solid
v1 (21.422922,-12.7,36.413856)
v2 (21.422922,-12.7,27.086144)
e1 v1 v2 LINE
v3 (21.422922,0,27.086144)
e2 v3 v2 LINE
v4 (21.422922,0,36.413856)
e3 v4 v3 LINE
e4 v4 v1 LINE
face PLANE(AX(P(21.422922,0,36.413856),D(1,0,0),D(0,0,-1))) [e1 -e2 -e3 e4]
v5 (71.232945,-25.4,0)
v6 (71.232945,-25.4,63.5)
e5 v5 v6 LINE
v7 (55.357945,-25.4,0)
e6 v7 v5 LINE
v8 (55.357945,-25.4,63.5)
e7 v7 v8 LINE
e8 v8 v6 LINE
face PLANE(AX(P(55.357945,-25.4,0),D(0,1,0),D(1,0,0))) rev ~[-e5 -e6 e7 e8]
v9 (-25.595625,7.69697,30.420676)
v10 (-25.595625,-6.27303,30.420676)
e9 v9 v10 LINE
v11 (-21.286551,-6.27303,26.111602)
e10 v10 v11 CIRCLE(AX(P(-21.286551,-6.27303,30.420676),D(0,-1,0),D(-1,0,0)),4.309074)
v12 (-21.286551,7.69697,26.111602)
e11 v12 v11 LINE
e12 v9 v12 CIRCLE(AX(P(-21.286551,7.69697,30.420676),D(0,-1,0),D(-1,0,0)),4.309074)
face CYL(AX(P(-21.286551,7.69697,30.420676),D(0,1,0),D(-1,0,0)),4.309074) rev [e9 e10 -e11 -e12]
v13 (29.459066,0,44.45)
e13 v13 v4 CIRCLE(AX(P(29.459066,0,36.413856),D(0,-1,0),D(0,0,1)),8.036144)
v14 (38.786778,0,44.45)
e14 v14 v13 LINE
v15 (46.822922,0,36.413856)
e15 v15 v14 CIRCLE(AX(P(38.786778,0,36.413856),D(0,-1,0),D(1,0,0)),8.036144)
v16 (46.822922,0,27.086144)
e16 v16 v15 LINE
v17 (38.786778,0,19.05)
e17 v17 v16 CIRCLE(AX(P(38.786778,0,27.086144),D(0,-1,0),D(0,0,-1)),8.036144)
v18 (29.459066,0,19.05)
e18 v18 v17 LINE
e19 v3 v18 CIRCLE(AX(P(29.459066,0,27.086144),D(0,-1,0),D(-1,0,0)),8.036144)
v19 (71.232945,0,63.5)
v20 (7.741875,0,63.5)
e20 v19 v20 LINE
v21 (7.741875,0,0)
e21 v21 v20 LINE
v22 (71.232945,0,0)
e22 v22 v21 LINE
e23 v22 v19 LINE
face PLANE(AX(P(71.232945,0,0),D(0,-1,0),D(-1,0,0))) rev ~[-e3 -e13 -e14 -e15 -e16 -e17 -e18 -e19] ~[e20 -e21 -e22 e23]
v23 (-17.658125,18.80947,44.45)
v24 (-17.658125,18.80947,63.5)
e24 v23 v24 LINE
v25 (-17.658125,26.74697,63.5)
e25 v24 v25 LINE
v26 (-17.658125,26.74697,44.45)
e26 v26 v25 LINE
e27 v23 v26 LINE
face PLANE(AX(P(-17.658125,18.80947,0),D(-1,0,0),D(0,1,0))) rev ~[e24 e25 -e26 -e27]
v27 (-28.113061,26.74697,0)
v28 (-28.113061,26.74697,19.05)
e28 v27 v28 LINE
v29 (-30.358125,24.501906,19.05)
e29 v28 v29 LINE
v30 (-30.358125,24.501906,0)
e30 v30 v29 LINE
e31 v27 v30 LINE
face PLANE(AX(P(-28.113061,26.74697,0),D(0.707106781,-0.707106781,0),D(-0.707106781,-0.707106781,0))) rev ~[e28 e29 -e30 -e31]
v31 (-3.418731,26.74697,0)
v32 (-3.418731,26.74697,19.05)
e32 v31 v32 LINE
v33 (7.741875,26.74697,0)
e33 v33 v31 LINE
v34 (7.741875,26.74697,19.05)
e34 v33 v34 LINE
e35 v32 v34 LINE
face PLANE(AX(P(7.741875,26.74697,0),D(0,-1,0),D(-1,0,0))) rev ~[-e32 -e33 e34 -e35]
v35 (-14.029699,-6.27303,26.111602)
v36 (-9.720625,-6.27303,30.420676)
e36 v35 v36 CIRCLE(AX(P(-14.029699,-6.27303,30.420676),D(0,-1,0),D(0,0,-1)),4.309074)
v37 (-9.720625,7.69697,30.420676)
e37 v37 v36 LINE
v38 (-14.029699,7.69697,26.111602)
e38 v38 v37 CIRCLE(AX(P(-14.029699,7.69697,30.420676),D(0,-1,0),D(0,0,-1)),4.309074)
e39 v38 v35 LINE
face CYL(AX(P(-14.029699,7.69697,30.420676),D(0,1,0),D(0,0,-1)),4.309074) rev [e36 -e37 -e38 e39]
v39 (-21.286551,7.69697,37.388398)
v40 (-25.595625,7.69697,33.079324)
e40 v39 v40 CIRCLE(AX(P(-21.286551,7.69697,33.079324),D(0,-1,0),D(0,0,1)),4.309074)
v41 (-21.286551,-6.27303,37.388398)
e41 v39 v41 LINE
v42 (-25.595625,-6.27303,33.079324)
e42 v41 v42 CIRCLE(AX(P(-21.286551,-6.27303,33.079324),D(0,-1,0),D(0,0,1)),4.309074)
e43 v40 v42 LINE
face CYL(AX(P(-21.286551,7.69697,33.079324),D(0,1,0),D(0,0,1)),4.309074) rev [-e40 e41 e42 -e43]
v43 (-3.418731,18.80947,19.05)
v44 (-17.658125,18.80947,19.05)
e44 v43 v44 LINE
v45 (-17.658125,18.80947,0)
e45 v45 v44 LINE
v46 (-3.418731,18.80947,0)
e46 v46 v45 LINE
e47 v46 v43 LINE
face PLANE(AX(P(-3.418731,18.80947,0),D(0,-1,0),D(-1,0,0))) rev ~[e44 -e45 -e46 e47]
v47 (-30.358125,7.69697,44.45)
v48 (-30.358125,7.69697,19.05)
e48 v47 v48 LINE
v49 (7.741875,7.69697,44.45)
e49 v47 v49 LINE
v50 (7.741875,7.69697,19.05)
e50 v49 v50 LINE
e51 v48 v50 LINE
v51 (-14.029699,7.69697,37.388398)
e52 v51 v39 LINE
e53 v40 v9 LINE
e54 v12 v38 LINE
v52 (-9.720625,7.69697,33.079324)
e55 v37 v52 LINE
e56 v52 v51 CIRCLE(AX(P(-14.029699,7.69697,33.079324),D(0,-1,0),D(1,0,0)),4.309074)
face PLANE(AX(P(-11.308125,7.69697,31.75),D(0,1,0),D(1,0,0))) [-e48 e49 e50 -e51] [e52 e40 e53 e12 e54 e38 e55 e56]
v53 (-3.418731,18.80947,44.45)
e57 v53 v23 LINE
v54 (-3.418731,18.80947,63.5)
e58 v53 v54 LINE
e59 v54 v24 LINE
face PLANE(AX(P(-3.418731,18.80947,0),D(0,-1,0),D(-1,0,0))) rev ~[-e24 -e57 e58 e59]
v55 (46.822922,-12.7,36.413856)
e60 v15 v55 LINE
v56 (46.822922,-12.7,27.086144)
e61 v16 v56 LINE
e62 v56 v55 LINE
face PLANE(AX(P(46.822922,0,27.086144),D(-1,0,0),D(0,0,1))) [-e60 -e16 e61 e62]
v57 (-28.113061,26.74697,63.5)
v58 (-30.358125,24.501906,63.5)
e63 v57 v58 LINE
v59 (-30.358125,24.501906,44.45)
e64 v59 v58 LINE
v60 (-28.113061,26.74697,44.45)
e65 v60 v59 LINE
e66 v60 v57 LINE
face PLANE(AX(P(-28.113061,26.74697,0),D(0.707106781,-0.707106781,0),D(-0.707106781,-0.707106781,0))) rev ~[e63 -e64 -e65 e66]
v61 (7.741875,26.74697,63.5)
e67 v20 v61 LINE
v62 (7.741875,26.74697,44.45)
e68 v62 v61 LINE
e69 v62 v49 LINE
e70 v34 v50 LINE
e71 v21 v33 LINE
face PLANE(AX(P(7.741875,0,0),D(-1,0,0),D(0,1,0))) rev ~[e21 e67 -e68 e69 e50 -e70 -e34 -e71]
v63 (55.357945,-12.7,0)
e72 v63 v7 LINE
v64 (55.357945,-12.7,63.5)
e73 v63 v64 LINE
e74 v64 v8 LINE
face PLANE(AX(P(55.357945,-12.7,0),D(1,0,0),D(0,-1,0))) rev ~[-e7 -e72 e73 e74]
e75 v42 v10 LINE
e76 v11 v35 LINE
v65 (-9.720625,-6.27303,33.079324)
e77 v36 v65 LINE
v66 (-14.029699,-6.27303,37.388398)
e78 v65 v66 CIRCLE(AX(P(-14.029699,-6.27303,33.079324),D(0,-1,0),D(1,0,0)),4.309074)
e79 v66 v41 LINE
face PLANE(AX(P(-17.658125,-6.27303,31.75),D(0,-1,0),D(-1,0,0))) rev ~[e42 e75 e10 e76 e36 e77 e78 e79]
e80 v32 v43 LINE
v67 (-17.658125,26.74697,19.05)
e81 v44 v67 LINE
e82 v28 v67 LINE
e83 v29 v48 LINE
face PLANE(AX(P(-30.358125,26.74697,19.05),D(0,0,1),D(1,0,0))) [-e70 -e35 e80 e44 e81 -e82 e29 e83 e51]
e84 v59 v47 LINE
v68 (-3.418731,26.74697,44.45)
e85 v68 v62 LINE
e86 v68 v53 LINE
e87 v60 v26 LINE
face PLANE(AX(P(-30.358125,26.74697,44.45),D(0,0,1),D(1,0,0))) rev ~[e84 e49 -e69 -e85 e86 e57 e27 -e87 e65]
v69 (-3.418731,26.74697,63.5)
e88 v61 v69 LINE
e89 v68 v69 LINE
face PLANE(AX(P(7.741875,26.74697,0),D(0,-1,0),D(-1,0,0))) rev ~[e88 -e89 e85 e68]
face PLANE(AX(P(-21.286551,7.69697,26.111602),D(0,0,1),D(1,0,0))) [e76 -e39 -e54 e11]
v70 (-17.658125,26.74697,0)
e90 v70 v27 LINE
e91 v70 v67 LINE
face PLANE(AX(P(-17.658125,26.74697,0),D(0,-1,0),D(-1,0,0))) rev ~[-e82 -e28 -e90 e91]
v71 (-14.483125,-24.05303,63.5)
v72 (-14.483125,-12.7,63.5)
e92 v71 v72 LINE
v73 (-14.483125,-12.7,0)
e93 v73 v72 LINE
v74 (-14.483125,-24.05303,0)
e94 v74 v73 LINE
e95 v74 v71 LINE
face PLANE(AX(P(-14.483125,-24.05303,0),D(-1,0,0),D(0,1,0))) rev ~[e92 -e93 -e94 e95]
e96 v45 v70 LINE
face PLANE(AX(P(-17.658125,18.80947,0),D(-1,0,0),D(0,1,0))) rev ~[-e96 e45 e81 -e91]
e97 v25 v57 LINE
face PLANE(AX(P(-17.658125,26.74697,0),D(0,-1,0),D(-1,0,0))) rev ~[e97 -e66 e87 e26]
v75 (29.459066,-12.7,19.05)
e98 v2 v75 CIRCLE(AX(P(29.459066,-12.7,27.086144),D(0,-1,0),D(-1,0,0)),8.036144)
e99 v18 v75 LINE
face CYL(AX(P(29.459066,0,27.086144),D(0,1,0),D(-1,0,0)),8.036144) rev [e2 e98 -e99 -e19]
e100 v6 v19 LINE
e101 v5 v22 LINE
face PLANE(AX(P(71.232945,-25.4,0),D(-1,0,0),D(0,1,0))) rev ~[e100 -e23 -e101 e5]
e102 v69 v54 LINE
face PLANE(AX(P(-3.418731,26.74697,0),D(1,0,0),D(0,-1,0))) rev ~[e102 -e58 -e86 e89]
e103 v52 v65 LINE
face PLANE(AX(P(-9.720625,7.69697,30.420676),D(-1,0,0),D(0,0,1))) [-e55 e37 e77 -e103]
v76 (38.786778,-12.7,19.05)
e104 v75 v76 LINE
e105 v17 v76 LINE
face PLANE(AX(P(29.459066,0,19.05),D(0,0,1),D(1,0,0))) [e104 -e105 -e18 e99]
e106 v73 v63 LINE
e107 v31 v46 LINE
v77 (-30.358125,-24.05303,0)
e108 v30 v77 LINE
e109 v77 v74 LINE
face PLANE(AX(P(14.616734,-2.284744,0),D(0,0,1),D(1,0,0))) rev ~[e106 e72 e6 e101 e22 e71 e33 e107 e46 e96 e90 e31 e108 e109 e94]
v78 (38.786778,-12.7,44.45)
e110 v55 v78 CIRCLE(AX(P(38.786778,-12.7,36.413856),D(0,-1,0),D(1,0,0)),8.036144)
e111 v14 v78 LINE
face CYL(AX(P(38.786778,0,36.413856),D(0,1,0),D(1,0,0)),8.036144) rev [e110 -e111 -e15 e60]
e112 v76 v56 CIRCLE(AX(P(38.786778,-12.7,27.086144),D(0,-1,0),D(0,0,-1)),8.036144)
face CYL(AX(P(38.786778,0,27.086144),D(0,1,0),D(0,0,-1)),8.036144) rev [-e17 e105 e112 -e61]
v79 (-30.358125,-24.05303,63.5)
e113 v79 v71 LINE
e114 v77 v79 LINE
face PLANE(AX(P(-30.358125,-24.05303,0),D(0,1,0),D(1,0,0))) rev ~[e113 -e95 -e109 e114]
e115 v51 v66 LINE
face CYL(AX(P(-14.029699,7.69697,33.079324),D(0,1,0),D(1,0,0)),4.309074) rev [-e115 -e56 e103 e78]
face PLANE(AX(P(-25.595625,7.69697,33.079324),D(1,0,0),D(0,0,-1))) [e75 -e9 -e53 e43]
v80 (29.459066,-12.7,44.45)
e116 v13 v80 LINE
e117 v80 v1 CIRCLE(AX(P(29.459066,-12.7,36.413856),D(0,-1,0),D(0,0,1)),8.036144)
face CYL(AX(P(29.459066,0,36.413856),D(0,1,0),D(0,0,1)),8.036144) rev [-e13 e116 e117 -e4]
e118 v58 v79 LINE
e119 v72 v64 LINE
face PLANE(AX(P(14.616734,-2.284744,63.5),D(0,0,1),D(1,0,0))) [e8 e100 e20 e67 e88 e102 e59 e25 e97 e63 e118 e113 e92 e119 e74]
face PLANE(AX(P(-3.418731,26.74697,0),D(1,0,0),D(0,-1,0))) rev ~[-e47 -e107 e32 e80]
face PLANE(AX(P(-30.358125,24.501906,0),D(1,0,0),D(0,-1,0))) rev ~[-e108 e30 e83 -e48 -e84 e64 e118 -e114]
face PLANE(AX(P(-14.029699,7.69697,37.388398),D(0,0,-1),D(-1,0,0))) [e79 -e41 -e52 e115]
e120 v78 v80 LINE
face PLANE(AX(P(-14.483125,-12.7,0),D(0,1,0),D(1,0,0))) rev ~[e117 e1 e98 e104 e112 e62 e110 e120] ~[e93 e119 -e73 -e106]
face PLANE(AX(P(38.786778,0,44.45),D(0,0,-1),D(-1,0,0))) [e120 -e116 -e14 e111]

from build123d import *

# Parameters (mm, degrees)
BOSS_EXTRUDE1_DEPTH = 63.5
SKETCH5_W           = 38.1
SKETCH5_H           = 25.4
CUT_EXTRUDE1_DEPTH  = 19.05
CUT_EXTRUDE2_DEPTH  = 12.7
CUT_EXTRUDE3_DEPTH  = 13.97


with BuildPart() as part:
    # Sketch1 → Boss-Extrude1 (new body)
    with BuildSketch(Plane.XY):
        Polygon((-30.358125429, 24.501905667), (-30.358125429, -24.053030303), (-14.483125429, -24.053030303), (-14.483125429, -12.7), (55.357945402, -12.7), (55.357945402, -25.4), (71.232945402, -25.4), (71.232945402, 0), (7.741874571, 0), (7.741874571, 26.746969697), (-3.41873149, 26.746969697), (-3.41873149, 18.809469697), (-17.658125429, 18.809469697), (-17.658125429, 26.746969697), (-28.113061399, 26.746969697), align=None)
    extrude(amount=BOSS_EXTRUDE1_DEPTH)

    # Sketch5 → Cut-Extrude1 (cut)
    with BuildSketch(Plane(origin=(0, 26.746969697, 0), x_dir=(1, 0, 0), z_dir=(0, 1, 0))):
        with Locations((-11.308125429, -31.75)):
            Rectangle(SKETCH5_W, SKETCH5_H)
    extrude(amount=-CUT_EXTRUDE1_DEPTH, mode=Mode.SUBTRACT)

    # Sketch6 → Cut-Extrude2 (cut)
    with BuildSketch(Plane(origin=(0, 0, 0), x_dir=(1, 0, 0), z_dir=(0, 1, 0))):
        with BuildLine():
            Line((29.459066372, -19.05), (38.786778405, -19.05))
            ThreePointArc((38.786778405, -19.05), (44.46919031, -21.403732078), (46.822922388, -27.086143983))
            Line((46.822922388, -27.086143983), (46.822922388, -36.413856017))
            ThreePointArc((46.822922388, -36.413856017), (44.46919031, -42.096267922), (38.786778405, -44.45))
            Line((38.786778405, -44.45), (29.459066372, -44.45))
            ThreePointArc((29.459066372, -44.45), (23.776654467, -42.096267922), (21.422922388, -36.413856017))
            Line((21.422922388, -36.413856017), (21.422922388, -27.086143983))
            ThreePointArc((21.422922388, -27.086143983), (23.776654467, -21.403732078), (29.459066372, -19.05))
        make_face()
    extrude(amount=-CUT_EXTRUDE2_DEPTH, mode=Mode.SUBTRACT)

    # Sketch7 → Cut-Extrude3 (cut)
    with BuildSketch(Plane(origin=(0, 7.696969697, 0), x_dir=(1, 0, 0), z_dir=(0, 1, 0))):
        with BuildLine():
            Line((-21.28655142, -26.111602122), (-14.029699438, -26.111602122))
            ThreePointArc((-14.029699438, -26.111602122), (-10.982723986, -27.373700678), (-9.720625429, -30.420676131))
            Line((-9.720625429, -30.420676131), (-9.720625429, -33.079323869))
            ThreePointArc((-9.720625429, -33.079323869), (-10.982723986, -36.126299322), (-14.029699438, -37.388397878))
            Line((-14.029699438, -37.388397878), (-21.28655142, -37.388397878))
            ThreePointArc((-21.28655142, -37.388397878), (-24.333526873, -36.126299322), (-25.595625429, -33.079323869))
            Line((-25.595625429, -33.079323869), (-25.595625429, -30.420676131))
            ThreePointArc((-25.595625429, -30.420676131), (-24.333526873, -27.373700678), (-21.28655142, -26.111602122))
        make_face()
    extrude(amount=-CUT_EXTRUDE3_DEPTH, mode=Mode.SUBTRACT)


solid = part.part
